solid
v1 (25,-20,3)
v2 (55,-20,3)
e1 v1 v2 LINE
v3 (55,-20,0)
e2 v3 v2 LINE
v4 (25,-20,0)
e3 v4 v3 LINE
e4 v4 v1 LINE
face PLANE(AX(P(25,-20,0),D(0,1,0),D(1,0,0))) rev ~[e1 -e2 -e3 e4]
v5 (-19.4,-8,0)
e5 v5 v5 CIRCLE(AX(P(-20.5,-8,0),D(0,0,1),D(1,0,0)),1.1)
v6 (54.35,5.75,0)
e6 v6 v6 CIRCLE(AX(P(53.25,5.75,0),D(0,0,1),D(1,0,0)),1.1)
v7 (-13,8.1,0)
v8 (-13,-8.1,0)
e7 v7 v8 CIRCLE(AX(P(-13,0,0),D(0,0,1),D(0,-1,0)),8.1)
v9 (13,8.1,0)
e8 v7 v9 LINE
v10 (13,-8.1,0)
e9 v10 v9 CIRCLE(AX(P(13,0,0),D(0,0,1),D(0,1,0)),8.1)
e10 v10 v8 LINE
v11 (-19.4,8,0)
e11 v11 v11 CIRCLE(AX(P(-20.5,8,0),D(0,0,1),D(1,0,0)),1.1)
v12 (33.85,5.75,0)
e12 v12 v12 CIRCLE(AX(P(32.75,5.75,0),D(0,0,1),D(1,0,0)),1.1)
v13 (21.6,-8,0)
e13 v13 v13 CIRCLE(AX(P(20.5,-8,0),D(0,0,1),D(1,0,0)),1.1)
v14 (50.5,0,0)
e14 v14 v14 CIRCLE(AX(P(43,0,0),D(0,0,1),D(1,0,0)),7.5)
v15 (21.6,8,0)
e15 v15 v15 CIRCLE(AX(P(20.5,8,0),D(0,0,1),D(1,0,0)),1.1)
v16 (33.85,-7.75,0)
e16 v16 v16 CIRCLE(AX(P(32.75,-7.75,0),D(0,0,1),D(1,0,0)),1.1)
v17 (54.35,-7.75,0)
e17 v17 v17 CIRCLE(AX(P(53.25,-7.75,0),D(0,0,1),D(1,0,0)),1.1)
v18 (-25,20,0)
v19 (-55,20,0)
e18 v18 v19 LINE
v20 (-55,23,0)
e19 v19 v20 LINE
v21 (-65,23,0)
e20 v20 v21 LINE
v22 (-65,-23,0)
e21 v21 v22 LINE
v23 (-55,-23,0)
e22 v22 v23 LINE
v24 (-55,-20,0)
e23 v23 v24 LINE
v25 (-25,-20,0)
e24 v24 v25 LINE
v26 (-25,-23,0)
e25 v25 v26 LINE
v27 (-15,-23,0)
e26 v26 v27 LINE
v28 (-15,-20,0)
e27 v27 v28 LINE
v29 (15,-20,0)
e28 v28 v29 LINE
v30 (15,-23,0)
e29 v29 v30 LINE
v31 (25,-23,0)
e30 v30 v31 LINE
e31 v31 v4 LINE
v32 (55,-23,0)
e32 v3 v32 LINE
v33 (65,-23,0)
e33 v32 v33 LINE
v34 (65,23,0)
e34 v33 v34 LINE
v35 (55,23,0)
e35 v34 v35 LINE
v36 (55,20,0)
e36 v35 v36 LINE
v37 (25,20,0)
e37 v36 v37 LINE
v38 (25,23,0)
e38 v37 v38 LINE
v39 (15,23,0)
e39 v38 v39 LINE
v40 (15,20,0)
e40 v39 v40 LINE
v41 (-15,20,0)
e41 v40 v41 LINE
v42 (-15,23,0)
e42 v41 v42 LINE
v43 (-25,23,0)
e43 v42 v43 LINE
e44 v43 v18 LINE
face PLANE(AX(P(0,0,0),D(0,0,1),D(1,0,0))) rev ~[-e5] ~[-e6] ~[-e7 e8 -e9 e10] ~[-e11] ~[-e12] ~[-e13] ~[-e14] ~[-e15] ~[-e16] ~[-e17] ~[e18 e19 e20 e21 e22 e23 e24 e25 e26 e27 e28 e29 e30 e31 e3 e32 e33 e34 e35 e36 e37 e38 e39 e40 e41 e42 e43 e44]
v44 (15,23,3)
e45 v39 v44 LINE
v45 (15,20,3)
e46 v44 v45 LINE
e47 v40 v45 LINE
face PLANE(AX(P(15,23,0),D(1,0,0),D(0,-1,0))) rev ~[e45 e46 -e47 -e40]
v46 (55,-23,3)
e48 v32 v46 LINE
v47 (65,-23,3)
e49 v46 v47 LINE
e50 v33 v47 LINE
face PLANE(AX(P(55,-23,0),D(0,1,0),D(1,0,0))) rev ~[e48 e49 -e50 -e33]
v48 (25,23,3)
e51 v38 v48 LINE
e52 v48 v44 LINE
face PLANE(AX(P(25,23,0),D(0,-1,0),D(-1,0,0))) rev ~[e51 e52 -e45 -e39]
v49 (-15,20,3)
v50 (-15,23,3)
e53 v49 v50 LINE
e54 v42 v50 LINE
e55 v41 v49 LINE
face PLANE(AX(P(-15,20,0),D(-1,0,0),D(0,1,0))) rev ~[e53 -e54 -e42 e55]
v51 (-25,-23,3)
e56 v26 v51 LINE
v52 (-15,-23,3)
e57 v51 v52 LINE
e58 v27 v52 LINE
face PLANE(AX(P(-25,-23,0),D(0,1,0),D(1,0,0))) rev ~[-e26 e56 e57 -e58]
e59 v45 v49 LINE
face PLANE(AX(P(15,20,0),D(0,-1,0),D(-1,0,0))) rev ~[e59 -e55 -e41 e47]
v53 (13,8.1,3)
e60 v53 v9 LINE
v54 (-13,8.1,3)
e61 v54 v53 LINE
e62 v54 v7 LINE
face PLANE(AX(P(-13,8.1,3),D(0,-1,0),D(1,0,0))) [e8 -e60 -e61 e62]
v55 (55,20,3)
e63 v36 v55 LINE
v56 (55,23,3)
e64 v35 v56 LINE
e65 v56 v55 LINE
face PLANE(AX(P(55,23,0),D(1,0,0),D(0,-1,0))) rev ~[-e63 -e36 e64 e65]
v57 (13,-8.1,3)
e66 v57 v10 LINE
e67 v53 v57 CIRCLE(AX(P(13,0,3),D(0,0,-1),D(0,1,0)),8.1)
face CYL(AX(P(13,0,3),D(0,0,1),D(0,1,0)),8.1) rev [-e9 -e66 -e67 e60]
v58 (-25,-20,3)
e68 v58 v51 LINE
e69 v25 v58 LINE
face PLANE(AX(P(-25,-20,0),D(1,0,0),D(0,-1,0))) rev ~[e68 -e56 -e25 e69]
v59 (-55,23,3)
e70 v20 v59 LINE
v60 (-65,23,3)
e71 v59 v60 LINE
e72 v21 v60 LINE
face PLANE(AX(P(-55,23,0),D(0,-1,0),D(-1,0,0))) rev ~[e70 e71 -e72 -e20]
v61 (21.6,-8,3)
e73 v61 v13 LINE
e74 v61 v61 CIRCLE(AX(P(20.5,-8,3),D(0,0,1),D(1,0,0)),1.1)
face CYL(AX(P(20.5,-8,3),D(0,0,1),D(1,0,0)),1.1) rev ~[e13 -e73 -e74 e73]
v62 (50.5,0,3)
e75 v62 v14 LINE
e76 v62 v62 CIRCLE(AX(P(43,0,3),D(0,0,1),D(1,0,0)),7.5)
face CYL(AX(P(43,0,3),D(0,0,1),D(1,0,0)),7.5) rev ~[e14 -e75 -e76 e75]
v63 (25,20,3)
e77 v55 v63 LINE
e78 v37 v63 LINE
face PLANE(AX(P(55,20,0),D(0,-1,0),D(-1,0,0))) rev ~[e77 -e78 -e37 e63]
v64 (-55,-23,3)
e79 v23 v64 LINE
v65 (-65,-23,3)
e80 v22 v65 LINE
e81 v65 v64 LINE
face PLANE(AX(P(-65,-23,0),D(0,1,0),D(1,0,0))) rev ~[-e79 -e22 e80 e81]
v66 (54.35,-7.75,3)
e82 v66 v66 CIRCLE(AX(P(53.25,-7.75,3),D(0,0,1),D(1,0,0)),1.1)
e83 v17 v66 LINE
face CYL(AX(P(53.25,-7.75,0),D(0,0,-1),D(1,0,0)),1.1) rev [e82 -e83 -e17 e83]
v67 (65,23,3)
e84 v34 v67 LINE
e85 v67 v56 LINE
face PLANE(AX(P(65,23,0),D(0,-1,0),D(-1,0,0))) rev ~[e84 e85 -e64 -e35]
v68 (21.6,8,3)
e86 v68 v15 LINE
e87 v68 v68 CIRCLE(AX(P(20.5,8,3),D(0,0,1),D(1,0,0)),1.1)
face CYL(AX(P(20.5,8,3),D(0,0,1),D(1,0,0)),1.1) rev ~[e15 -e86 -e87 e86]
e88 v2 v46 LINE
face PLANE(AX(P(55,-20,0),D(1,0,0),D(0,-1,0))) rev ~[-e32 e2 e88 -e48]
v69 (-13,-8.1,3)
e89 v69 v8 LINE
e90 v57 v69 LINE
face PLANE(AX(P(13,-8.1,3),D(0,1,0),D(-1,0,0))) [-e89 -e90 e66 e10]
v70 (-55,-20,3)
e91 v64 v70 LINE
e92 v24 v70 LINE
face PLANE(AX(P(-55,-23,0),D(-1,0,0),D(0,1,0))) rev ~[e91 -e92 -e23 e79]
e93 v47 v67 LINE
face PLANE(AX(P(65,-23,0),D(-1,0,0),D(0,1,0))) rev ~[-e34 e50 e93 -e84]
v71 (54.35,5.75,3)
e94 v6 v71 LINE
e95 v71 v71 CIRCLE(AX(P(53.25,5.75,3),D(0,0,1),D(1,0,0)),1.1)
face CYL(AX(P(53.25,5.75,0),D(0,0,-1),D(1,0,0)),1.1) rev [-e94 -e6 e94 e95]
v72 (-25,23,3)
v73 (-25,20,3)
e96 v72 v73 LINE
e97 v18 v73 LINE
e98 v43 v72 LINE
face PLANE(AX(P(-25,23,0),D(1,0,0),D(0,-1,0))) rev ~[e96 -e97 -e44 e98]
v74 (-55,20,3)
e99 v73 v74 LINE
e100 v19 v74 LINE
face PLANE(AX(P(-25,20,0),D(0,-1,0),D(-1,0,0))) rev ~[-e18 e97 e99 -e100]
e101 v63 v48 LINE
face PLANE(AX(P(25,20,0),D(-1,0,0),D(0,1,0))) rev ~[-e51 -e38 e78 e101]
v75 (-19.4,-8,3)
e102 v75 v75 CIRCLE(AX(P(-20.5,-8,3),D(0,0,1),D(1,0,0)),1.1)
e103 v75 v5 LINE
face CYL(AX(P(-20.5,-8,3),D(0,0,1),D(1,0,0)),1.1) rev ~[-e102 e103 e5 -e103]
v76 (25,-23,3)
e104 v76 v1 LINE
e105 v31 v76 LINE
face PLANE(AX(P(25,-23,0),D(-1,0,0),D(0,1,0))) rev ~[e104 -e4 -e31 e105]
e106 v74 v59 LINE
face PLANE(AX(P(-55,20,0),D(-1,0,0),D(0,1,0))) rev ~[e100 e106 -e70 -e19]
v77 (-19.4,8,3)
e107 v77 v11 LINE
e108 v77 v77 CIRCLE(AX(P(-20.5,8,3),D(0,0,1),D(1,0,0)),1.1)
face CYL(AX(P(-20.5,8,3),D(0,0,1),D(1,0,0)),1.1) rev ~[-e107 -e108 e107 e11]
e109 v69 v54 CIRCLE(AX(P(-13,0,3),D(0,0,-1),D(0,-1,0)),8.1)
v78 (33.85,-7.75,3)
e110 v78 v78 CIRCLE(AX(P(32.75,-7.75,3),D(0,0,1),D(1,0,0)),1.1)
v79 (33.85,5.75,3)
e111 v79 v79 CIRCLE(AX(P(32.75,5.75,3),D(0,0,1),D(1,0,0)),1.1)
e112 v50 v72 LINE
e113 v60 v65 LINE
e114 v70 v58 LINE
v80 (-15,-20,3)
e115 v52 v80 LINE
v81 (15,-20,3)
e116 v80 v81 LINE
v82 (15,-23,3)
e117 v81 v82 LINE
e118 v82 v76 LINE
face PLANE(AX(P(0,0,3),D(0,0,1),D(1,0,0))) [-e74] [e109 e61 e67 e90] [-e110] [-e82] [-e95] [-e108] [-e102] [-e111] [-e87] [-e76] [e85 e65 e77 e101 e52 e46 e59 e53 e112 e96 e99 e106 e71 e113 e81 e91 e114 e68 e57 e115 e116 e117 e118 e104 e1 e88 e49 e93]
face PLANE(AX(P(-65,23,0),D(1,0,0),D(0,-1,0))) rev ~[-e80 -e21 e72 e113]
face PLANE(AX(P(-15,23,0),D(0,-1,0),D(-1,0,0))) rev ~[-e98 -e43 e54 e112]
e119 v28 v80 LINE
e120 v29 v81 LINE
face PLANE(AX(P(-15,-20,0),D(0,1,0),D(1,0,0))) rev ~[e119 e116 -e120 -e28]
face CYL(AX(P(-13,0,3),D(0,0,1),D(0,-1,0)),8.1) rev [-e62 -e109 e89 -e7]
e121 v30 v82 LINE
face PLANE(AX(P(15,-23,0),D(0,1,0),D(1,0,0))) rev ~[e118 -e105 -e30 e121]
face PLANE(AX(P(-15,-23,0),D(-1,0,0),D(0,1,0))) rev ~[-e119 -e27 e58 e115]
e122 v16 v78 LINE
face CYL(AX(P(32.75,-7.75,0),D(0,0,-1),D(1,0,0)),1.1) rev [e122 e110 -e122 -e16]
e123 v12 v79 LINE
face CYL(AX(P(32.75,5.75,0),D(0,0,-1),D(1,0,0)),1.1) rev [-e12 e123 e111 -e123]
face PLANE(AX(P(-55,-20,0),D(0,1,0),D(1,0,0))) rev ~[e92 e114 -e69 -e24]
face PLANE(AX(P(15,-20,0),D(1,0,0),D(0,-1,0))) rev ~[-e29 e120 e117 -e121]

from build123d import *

# Parameters (mm, degrees)
SKETCH1_R           = 1.1
BOSS_EXTRUDE1_DEPTH = 3
SKETCH4_R           = 1.1
CUT_EXTRUDE2_DEPTH  = 70.014491232
SKETCH5_R           = 7.5
CUT_EXTRUDE3_DEPTH  = 70.014491232


with BuildPart() as part:
    # Sketch1 → Boss-Extrude1 (new body)
    with BuildSketch(Plane.XY):
        Polygon((-55, -20), (-25, -20), (-25, -23), (-15, -23), (-15, -20), (15, -20), (15, -23), (25, -23), (25, -20), (55, -20), (55, -23), (65, -23), (65, 23), (55, 23), (55, 20), (25, 20), (25, 23), (15, 23), (15, 20), (-15, 20), (-15, 23), (-25, 23), (-25, 20), (-55, 20), (-55, 23), (-65, 23), (-65, -23), (-55, -23), align=None)
        with Locations((32.75, 5.75)):
            Circle(SKETCH1_R, mode=Mode.SUBTRACT)
        with Locations((53.25, 5.75)):
            Circle(SKETCH1_R, mode=Mode.SUBTRACT)
        with Locations((53.25, -7.75)):
            Circle(SKETCH1_R, mode=Mode.SUBTRACT)
        with Locations((32.75, -7.75)):
            Circle(SKETCH1_R, mode=Mode.SUBTRACT)
    extrude(amount=BOSS_EXTRUDE1_DEPTH)

    # Sketch4 → Cut-Extrude2 (cut, through all)
    with BuildSketch(Plane.XY.offset(3)):
        with Locations((-20.5, 8)):
            Circle(SKETCH4_R)
        with Locations((-20.5, -8)):
            Circle(SKETCH4_R)
        with Locations((20.5, 8)):
            Circle(SKETCH4_R)
        with Locations((20.5, -8)):
            Circle(SKETCH4_R)
        with BuildLine():
            Line((-13, 8.1), (13, 8.1))
            ThreePointArc((13, 8.1), (21.1, 0), (13, -8.1))
            Line((13, -8.1), (-13, -8.1))
            ThreePointArc((-13, -8.1), (-21.1, 0), (-13, 8.1))
        make_face()
    extrude(amount=-CUT_EXTRUDE2_DEPTH, mode=Mode.SUBTRACT)

    # Sketch5 → Cut-Extrude3 (cut, through all)
    with BuildSketch(Plane.XY.offset(3)):
        with Locations((43, 0)):
            Circle(SKETCH5_R)
    extrude(amount=-CUT_EXTRUDE3_DEPTH, mode=Mode.SUBTRACT)


solid = part.part
